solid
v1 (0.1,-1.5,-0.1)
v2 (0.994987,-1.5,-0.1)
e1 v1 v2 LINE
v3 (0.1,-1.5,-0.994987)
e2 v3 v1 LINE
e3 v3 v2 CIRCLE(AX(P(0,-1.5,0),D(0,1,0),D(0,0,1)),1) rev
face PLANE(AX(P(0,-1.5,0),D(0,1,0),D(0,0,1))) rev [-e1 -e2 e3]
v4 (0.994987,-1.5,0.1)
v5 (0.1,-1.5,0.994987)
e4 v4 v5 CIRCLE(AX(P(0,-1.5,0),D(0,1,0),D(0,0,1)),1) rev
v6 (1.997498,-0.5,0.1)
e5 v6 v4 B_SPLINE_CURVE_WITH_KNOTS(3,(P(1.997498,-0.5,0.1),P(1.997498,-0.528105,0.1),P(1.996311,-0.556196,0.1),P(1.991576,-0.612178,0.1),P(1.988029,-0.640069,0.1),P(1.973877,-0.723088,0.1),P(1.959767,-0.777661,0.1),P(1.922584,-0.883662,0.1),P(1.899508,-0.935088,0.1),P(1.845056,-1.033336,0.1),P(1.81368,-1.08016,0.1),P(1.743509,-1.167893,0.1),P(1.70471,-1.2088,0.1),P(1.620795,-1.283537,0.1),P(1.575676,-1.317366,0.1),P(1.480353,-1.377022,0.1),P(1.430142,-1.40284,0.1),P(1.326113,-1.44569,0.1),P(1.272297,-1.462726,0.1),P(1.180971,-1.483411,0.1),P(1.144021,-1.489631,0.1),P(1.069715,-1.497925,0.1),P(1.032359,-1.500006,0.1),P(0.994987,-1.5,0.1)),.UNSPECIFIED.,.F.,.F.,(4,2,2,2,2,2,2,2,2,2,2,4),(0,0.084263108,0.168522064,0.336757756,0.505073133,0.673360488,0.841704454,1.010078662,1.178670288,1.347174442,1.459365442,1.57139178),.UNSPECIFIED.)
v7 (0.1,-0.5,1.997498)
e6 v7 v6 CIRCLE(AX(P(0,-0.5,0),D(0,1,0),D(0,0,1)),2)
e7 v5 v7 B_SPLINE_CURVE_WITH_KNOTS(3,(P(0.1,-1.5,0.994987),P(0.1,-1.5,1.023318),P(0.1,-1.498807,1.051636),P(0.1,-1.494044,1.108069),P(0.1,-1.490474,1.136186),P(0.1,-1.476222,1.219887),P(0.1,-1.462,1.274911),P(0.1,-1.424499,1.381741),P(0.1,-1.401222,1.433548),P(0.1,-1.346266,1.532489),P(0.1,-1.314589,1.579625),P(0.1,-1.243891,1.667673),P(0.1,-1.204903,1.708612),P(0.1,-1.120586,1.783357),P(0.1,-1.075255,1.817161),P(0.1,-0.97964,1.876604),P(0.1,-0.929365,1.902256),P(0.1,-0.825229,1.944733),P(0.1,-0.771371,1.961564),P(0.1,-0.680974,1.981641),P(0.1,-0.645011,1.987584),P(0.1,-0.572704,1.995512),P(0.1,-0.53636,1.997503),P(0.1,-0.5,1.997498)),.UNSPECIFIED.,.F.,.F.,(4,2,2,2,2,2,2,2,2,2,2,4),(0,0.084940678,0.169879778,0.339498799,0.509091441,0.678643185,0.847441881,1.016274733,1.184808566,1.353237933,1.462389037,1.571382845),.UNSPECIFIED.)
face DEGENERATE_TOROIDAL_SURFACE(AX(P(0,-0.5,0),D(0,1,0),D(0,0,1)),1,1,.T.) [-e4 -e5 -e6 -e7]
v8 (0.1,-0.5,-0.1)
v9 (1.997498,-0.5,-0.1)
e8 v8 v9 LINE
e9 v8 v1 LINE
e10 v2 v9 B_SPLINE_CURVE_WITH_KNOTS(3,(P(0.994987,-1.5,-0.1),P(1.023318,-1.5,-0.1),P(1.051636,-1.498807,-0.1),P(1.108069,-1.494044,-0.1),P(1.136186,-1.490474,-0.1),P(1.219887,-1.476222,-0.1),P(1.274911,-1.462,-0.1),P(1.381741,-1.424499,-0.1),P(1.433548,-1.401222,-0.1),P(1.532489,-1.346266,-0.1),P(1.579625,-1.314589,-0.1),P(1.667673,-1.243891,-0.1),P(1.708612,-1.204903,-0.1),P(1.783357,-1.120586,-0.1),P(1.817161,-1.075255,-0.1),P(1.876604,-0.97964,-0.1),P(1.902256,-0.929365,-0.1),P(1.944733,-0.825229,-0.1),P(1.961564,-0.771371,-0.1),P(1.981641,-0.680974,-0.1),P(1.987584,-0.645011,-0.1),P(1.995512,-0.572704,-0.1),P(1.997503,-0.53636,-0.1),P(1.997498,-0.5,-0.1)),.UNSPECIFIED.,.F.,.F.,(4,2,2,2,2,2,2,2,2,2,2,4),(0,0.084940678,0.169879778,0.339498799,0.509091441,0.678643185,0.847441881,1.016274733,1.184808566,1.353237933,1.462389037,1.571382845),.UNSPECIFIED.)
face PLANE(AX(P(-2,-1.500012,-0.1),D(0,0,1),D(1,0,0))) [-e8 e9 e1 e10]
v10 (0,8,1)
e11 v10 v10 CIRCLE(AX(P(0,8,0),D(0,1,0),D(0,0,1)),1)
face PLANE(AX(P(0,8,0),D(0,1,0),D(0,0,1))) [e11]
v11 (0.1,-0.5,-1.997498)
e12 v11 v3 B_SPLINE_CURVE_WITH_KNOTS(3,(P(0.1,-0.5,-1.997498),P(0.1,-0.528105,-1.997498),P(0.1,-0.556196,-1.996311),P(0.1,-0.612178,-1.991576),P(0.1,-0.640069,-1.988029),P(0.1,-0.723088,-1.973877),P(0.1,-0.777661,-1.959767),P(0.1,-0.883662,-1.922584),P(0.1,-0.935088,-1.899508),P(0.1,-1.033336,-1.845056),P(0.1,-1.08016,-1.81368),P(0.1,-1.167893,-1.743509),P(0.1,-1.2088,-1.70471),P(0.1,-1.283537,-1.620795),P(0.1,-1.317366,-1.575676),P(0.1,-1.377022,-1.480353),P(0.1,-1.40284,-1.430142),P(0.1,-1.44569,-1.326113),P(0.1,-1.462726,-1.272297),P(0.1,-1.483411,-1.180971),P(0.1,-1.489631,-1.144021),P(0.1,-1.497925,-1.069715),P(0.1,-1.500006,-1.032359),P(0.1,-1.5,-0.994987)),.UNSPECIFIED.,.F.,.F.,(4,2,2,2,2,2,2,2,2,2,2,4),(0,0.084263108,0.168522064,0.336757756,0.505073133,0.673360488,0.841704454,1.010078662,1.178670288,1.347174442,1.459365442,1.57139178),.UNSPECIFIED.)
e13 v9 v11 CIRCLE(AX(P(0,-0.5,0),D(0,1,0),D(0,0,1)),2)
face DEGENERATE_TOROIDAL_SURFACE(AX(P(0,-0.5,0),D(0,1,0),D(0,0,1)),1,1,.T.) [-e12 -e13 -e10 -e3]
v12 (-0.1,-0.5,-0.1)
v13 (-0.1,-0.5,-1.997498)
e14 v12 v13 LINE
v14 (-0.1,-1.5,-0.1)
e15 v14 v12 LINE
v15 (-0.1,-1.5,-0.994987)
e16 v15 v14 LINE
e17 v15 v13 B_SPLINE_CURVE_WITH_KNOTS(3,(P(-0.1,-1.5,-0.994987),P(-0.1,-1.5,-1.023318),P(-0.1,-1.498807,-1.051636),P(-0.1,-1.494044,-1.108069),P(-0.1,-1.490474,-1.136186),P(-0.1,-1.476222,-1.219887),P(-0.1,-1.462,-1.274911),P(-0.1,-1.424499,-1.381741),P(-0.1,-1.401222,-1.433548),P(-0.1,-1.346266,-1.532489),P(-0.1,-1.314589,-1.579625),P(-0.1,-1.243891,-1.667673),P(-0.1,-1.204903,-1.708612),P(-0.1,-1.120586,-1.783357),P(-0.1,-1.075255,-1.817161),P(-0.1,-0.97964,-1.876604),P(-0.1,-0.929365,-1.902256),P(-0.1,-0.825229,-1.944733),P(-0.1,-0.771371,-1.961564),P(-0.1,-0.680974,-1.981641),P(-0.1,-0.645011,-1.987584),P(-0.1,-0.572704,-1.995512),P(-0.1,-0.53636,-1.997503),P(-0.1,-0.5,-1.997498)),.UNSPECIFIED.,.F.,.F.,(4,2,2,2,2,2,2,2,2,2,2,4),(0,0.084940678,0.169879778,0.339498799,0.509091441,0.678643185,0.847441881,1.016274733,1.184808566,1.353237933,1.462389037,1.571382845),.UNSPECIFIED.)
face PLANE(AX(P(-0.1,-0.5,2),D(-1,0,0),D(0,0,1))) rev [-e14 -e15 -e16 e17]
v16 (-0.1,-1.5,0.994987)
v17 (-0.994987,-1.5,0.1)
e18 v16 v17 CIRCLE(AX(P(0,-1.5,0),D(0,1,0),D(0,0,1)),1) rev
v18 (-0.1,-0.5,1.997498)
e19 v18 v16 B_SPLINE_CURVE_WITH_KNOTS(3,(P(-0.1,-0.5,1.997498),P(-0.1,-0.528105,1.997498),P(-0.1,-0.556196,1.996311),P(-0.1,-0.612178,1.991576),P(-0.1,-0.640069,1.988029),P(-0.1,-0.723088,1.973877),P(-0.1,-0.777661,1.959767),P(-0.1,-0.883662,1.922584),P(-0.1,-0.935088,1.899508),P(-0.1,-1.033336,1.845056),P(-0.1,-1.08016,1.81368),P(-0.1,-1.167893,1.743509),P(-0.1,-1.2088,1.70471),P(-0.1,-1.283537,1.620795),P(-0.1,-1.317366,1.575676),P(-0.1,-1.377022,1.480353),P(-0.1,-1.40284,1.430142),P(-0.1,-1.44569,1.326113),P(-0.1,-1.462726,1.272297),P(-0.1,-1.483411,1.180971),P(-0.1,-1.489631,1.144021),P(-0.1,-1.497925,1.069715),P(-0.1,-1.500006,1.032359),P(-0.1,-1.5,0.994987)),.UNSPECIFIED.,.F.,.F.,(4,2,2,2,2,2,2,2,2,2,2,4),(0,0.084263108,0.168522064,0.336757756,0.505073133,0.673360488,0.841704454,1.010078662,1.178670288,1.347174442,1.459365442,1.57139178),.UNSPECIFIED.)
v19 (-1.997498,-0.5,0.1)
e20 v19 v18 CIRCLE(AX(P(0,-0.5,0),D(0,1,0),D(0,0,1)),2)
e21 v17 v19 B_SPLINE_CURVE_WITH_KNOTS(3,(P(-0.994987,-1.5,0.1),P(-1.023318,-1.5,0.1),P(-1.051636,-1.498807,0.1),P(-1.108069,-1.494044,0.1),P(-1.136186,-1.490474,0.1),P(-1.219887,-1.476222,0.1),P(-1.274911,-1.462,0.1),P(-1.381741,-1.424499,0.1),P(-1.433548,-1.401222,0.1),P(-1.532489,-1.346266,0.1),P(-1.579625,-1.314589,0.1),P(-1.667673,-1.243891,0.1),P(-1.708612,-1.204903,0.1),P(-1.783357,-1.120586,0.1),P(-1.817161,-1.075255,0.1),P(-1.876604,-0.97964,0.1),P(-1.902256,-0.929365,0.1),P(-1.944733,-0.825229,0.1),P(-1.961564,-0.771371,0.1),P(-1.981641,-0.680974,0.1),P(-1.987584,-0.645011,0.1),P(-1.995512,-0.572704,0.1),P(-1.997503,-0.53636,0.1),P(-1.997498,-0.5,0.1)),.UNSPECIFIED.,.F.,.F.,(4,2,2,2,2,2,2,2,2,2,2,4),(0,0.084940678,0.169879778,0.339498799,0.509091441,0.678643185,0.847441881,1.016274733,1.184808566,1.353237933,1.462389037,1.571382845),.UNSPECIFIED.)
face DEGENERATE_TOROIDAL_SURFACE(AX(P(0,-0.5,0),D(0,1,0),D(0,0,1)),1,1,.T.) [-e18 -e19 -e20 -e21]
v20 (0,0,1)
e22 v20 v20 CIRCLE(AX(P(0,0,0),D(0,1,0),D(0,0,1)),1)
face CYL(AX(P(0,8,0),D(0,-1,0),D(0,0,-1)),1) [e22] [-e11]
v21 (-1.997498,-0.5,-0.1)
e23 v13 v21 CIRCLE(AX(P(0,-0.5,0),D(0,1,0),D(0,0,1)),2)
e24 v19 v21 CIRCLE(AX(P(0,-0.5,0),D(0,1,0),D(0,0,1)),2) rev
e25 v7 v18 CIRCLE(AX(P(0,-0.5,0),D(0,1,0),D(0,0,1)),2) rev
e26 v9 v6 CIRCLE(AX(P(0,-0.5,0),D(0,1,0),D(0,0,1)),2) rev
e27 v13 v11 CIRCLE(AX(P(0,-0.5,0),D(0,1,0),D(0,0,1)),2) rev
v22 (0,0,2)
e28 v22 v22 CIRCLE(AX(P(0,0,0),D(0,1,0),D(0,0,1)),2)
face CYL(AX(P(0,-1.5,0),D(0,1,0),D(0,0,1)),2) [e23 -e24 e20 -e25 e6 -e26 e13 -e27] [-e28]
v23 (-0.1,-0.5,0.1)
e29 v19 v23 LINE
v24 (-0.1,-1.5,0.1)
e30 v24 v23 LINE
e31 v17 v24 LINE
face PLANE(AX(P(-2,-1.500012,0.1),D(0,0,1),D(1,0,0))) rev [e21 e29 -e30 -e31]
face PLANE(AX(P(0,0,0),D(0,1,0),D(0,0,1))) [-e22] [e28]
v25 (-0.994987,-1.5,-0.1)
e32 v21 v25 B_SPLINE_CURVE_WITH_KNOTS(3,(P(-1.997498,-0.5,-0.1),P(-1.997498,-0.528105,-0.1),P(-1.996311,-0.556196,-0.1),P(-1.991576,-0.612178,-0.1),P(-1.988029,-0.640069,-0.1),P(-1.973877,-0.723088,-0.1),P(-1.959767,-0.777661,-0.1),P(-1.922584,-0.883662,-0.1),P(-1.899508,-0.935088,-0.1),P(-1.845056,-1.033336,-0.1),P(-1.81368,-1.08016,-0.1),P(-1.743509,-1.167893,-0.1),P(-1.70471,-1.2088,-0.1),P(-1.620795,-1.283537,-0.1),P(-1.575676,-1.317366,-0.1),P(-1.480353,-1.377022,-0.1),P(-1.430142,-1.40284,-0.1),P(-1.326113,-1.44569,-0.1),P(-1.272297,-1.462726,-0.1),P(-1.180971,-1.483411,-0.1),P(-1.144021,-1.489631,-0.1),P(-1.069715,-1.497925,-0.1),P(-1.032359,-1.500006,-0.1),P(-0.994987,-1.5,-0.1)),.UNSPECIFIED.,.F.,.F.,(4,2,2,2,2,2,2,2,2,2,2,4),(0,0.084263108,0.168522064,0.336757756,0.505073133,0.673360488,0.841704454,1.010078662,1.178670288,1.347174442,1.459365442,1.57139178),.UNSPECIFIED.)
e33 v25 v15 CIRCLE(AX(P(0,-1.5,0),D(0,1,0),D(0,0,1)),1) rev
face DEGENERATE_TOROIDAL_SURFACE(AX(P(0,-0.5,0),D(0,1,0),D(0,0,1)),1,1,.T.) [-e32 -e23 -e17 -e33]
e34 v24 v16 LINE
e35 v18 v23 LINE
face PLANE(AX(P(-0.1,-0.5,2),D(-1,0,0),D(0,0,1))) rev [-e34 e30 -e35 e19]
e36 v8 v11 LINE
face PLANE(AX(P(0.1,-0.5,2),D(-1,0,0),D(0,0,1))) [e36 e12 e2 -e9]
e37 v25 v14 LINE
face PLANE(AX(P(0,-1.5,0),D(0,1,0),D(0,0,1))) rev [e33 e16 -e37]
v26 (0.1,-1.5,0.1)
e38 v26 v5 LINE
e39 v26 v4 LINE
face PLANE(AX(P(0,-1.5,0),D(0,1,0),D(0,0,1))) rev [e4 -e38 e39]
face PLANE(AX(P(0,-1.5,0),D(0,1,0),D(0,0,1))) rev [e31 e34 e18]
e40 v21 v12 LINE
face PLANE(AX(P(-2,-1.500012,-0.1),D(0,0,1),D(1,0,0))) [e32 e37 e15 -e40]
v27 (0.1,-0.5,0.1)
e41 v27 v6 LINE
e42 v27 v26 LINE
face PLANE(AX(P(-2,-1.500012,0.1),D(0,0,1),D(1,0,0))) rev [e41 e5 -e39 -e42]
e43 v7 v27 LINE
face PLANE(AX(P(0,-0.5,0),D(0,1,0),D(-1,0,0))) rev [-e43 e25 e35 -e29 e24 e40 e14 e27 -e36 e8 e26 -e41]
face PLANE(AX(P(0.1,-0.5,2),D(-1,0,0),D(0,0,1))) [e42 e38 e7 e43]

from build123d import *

# Parameters (mm, degrees)
SKETCH_1_R               = 2
EXTRUDE_1_DEPTH          = 1.5
SKETCH_2_R               = 1
EXTRUDE_2_DEPTH          = 8
CUT_EXTRUDE_1_DEPTH      = 10.912113801
CUT_EXTRUDE_1_DEPTH_BACK = 1
SKETCH_4_W               = 4
SKETCH_4_H               = 0.2
SKETCH_4_W_2             = 0.2
SKETCH_4_H_2             = 4
FILLET_1_R               = 1


with BuildPart() as part:
    # 草图1 → 凸台-拉伸1 (new body)
    with BuildSketch(Plane(origin=(0, 0, 0), x_dir=(1, 0, 0), z_dir=(0, 1, 0))):
        Circle(SKETCH_1_R)
    extrude(amount=-EXTRUDE_1_DEPTH)

    # 草图2 → 凸台-拉伸2 (add)
    with BuildSketch(Plane(origin=(0, 0, 0), x_dir=(1, 0, 0), z_dir=(0, 1, 0))):
        Circle(SKETCH_2_R)
    extrude(amount=EXTRUDE_2_DEPTH)

    # 草图4 → 切除-拉伸-薄壁1 (cut, two sides: drawn at the far end of the back side and taken through both)
    with BuildSketch(Plane.XZ.offset(1.5).offset(-CUT_EXTRUDE_1_DEPTH_BACK)):
        Rectangle(SKETCH_4_W, SKETCH_4_H)
        Rectangle(SKETCH_4_W_2, SKETCH_4_H_2)
    extrude(amount=CUT_EXTRUDE_1_DEPTH + CUT_EXTRUDE_1_DEPTH_BACK, mode=Mode.SUBTRACT)

    # 圆角1
    fillet_1_edges = [part.edges().sort_by_distance(p)[0] for p in [
        (1.414213562, -1.5, 1.414213562),
        (-1.414213562, -1.5, 1.414213562),
        (-1.414213562, -1.5, -1.414213562),
        (1.414213562, -1.5, -1.414213562),
    ]]
    fillet(fillet_1_edges, radius=FILLET_1_R)


solid = part.part
